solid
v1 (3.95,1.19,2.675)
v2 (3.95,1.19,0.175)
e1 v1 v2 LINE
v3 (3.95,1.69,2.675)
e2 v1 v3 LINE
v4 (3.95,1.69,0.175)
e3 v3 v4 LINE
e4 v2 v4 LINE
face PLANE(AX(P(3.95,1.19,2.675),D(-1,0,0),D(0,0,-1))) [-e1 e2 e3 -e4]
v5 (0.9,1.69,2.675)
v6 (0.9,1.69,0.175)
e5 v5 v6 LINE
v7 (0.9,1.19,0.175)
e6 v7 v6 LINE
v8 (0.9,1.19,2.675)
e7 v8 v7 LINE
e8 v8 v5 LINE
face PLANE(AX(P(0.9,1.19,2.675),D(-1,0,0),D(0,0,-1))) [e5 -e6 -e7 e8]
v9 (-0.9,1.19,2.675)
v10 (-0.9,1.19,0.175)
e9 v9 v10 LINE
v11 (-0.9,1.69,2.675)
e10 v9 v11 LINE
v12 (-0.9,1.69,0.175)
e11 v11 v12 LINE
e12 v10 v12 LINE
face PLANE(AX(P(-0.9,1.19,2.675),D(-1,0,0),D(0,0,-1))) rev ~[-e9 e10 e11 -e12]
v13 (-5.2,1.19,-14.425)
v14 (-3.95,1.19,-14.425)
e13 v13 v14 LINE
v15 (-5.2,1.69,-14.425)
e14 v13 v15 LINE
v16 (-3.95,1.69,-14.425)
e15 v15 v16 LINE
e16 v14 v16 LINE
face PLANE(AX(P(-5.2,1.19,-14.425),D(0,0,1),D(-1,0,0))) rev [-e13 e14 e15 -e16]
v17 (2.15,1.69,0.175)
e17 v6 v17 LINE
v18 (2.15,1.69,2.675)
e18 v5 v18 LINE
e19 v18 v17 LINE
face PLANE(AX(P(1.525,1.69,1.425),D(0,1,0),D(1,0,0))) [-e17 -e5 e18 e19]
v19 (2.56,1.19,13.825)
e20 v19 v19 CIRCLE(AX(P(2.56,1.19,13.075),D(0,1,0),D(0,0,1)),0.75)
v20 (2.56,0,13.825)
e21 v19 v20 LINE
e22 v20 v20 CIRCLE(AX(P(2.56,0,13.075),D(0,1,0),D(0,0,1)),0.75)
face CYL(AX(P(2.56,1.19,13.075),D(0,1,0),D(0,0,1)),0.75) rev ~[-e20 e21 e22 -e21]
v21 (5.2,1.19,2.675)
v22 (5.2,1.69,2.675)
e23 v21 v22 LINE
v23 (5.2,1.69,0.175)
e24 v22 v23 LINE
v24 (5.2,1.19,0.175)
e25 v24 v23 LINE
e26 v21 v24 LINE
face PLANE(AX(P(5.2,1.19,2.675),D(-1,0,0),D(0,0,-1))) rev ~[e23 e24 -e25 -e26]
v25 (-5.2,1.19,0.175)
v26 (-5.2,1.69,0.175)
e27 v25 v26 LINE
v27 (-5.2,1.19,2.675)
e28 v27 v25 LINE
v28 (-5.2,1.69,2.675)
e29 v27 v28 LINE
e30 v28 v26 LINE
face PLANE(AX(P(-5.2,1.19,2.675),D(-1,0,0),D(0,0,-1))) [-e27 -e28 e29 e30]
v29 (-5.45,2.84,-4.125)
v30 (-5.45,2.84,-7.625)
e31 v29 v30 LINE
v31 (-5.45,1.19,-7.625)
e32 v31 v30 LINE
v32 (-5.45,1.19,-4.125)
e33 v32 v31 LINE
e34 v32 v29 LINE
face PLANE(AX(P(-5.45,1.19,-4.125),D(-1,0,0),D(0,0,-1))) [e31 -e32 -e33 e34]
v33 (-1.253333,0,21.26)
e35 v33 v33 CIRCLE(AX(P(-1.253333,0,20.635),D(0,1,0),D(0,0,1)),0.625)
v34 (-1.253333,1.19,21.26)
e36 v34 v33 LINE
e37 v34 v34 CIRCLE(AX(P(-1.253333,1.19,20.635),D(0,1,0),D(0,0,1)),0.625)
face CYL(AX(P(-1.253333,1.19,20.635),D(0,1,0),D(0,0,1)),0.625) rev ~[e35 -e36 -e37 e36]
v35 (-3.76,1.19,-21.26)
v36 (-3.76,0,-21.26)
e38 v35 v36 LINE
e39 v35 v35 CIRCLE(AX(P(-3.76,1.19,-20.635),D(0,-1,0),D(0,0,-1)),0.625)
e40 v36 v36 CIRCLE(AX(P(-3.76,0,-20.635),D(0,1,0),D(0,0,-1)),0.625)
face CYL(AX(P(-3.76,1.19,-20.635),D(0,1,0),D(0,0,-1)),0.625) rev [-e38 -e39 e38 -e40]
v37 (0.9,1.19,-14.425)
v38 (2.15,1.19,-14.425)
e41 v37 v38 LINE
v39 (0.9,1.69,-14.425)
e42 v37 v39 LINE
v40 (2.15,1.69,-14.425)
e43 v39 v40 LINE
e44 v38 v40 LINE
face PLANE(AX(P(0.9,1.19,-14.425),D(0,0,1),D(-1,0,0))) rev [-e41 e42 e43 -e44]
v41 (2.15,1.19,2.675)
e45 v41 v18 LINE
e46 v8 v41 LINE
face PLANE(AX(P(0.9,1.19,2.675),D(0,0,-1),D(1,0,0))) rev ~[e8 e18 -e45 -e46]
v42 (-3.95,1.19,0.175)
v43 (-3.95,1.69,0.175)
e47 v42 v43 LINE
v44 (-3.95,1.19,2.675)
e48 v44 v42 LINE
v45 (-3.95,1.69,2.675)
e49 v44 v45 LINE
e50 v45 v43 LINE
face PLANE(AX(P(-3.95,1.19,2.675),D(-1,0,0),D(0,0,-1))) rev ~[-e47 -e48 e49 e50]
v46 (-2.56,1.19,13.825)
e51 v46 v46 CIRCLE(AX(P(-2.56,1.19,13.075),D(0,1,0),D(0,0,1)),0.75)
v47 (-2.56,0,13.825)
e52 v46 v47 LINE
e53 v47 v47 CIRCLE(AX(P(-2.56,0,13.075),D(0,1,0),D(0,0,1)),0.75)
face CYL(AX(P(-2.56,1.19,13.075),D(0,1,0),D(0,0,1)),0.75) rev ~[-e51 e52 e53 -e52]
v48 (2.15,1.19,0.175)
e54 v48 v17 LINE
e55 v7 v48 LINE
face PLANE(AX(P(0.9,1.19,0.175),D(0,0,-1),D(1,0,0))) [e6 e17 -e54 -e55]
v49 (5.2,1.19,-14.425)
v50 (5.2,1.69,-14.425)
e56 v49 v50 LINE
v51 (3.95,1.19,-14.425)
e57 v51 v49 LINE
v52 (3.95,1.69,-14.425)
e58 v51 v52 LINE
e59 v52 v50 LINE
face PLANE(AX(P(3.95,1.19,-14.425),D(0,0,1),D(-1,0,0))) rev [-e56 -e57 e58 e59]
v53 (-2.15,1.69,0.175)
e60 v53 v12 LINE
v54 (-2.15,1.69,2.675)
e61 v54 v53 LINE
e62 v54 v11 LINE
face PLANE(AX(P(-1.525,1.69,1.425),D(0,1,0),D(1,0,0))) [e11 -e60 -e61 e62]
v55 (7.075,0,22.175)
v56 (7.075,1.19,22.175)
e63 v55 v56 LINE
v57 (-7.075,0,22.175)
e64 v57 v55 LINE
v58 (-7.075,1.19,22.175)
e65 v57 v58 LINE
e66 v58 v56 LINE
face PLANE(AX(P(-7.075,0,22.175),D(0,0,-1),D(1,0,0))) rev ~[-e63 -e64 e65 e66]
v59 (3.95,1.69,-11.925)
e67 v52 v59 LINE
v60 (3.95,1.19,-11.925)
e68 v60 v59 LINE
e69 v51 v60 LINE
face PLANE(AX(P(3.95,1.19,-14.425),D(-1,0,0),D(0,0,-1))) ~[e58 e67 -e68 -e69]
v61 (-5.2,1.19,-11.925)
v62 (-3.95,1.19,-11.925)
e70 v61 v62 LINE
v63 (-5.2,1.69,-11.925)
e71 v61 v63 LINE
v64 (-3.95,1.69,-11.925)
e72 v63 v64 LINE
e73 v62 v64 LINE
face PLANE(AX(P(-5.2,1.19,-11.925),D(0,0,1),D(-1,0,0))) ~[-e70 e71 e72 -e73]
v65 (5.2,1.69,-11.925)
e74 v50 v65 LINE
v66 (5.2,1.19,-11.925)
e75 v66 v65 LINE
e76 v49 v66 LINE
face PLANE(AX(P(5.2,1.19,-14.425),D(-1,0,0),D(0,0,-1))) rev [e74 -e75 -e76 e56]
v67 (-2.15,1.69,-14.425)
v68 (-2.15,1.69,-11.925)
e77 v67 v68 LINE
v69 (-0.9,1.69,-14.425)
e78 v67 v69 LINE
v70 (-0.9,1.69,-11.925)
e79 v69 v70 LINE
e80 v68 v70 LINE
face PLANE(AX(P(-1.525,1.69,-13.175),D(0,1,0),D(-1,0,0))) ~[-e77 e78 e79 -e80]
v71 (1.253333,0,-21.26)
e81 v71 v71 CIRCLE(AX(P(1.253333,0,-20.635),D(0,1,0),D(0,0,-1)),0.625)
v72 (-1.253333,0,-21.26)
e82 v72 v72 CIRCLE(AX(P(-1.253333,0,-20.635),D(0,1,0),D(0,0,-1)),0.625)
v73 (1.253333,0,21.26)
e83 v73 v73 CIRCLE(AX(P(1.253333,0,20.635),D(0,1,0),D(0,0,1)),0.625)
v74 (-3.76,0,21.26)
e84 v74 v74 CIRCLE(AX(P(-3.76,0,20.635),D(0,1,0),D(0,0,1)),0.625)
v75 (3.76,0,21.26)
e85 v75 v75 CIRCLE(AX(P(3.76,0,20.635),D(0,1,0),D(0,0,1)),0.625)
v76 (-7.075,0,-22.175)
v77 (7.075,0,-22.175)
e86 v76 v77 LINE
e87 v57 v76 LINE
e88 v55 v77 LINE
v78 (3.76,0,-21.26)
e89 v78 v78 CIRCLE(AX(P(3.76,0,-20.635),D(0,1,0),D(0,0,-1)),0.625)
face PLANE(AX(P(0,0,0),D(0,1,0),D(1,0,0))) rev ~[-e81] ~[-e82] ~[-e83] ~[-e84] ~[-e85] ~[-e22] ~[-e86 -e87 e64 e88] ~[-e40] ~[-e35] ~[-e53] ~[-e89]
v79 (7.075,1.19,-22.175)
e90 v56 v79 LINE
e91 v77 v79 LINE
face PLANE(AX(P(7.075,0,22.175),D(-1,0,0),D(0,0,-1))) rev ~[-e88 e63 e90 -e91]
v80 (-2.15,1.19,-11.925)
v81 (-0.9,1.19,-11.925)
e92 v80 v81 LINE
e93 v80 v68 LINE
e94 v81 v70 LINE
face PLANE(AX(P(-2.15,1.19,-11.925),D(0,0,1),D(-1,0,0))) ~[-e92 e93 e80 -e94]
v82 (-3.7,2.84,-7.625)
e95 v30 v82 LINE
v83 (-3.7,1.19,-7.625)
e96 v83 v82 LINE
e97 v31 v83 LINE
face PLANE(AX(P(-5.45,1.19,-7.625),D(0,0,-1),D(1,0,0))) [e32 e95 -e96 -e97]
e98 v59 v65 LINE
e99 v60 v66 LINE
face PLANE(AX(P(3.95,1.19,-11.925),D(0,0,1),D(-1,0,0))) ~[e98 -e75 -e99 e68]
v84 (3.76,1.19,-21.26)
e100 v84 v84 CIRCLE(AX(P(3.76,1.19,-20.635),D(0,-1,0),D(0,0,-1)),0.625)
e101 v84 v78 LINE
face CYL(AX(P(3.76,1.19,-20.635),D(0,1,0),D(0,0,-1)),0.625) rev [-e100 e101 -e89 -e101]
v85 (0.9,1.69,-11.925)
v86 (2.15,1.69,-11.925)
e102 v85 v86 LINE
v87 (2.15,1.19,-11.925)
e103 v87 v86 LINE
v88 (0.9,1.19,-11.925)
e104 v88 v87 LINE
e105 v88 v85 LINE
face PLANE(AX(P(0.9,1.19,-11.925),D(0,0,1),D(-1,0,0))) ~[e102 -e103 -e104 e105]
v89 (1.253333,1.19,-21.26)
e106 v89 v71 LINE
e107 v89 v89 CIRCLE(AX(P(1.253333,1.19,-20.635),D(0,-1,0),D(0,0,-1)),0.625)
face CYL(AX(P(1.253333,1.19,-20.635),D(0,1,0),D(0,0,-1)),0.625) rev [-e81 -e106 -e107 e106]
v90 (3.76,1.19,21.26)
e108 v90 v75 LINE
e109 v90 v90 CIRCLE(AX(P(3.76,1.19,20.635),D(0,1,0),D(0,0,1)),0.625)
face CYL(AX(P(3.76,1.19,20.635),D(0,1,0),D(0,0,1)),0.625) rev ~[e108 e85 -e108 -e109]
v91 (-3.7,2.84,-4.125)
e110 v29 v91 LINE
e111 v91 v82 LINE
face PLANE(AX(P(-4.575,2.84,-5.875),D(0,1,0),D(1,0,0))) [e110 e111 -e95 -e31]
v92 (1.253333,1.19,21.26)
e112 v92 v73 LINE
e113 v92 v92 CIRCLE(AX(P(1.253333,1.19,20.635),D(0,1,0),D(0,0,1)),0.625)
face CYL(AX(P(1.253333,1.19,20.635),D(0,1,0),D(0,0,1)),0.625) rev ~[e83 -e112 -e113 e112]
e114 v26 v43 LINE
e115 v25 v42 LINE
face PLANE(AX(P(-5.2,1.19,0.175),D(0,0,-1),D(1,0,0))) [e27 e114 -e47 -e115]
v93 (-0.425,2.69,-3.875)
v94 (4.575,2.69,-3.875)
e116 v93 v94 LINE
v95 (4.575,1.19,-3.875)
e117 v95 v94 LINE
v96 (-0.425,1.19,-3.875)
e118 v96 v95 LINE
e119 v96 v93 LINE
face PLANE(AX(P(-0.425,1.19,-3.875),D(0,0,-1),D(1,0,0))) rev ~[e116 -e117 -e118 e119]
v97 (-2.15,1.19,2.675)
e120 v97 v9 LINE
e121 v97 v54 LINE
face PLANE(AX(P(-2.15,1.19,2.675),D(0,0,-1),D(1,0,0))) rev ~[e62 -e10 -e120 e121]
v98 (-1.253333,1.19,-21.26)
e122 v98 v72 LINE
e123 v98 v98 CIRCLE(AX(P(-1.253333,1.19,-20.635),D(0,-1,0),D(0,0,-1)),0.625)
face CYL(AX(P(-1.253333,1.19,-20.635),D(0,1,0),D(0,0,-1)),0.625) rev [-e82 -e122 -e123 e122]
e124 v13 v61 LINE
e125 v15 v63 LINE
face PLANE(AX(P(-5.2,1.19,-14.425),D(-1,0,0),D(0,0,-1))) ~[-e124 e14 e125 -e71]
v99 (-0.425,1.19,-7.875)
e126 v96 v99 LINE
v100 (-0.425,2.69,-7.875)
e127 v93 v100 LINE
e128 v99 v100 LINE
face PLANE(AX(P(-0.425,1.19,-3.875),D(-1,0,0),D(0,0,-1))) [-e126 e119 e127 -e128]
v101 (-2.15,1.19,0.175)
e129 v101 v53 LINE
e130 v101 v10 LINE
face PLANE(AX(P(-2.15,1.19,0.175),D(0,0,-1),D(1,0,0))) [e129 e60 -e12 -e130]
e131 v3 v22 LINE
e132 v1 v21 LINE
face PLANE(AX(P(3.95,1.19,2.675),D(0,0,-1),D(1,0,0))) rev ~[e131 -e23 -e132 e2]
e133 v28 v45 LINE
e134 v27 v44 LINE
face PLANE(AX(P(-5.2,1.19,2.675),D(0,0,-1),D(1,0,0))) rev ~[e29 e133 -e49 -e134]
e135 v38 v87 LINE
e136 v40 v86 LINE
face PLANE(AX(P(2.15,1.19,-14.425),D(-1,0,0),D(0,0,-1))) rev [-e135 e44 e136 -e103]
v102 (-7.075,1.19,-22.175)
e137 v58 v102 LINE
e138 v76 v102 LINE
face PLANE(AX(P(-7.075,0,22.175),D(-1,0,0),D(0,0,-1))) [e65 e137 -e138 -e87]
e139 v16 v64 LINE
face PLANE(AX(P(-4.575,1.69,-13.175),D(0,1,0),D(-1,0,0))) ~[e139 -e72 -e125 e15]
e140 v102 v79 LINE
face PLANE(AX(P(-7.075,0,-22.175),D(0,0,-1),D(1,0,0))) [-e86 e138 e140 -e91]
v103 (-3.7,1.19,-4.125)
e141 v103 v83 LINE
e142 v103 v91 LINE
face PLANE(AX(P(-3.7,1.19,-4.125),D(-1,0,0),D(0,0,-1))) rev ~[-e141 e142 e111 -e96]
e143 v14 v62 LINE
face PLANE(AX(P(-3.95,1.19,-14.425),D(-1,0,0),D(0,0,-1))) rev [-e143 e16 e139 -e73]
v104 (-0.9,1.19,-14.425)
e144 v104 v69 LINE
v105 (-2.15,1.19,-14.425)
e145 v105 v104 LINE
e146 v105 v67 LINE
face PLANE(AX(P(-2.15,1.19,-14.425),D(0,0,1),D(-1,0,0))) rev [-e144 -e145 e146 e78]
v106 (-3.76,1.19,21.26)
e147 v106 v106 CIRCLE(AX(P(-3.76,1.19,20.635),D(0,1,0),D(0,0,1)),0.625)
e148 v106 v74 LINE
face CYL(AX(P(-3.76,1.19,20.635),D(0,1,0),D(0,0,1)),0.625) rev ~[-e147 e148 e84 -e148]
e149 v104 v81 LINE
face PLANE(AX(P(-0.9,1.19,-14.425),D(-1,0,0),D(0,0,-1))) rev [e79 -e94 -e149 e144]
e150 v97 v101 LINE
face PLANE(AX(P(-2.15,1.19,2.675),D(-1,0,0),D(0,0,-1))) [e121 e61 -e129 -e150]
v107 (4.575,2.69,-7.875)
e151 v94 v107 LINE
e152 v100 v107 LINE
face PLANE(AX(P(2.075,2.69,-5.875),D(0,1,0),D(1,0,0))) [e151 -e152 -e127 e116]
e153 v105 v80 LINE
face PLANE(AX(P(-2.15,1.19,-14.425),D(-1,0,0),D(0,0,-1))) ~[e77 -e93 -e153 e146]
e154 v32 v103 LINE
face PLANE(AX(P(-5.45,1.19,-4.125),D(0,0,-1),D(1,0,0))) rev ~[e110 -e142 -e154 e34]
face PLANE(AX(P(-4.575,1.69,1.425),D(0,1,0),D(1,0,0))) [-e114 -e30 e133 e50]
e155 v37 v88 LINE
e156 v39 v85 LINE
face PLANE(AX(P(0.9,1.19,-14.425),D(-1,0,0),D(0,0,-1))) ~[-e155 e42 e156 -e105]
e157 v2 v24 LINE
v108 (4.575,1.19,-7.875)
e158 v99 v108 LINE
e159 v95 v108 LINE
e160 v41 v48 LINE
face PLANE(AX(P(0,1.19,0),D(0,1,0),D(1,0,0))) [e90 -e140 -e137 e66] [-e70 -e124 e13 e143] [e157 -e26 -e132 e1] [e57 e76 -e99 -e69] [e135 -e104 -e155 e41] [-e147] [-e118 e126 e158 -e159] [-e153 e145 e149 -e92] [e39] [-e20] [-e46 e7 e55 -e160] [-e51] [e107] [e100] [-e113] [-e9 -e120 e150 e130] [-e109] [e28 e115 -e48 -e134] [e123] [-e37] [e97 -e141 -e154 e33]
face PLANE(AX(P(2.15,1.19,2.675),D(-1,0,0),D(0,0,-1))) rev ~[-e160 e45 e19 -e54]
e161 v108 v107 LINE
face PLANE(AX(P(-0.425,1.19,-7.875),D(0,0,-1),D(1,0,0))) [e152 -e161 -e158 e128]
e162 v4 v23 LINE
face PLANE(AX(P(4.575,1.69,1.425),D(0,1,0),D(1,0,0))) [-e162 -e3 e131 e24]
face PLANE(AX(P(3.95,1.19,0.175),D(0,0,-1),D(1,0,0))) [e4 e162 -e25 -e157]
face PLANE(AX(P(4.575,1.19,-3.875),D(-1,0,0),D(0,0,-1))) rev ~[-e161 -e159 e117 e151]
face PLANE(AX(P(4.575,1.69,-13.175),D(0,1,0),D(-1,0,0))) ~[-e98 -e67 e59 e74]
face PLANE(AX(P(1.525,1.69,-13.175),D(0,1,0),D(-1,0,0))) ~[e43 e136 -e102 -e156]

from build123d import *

# Parameters (mm, degrees)
SKETCH1_W           = 14.15
SKETCH1_H           = 44.35
BOSS_EXTRUDE1_DEPTH = 1.19
SKETCH2_R           = 0.625
CUT_EXTRUDE1_DEPTH  = 24.306701826
SKETCH3_R           = 0.75
CUT_EXTRUDE2_DEPTH  = 24.306701826
SKETCH4_W           = 5
SKETCH4_H           = 4
BOSS_EXTRUDE2_DEPTH = 1.5
SKETCH4_3_W         = 1.75
SKETCH4_3_H         = 3.5
BOSS_EXTRUDE3_DEPTH = 1.65
SKETCH7_W           = 1.25
SKETCH7_H           = 2.5
BOSS_EXTRUDE6_DEPTH = 0.5


with BuildPart() as part:
    # Sketch1 → Boss-Extrude1 (new body)
    with BuildSketch(Plane(origin=(0, 0, 0), x_dir=(1, 0, 0), z_dir=(0, 1, 0))):
        Rectangle(SKETCH1_W, SKETCH1_H)
    extrude(amount=BOSS_EXTRUDE1_DEPTH)

    # Sketch2 → Cut-Extrude1 (cut, through all)
    with BuildSketch(Plane(origin=(0, 1.19, 0), x_dir=(1, 0, 0), z_dir=(0, 1, 0))):
        with Locations((3.76, -20.635)):
            Circle(SKETCH2_R)
        with Locations((1.253333333, -20.635)):
            Circle(SKETCH2_R)
        with Locations((-1.253333333, -20.635)):
            Circle(SKETCH2_R)
        with Locations((-3.76, -20.635)):
            Circle(SKETCH2_R)
    cut_extrude1 = extrude(amount=-CUT_EXTRUDE1_DEPTH, mode=Mode.SUBTRACT)

    # Mirror1: Cut-Extrude1 across plane
    add(cut_extrude1.mirror(Plane.XY), mode=Mode.SUBTRACT)

    # Sketch3 → Cut-Extrude2 (cut, through all)
    with BuildSketch(Plane(origin=(0, 1.19, 0), x_dir=(1, 0, 0), z_dir=(0, 1, 0))):
        with Locations((2.56, -13.075)):
            Circle(SKETCH3_R)
        with Locations((-2.56, -13.075)):
            Circle(SKETCH3_R)
    extrude(amount=-CUT_EXTRUDE2_DEPTH, mode=Mode.SUBTRACT)

    # Sketch4 → Boss-Extrude2 (add)
    with BuildSketch(Plane(origin=(0, 1.19, 0), x_dir=(1, 0, 0), z_dir=(0, 1, 0))):
        with Locations((2.075, 5.875)):
            Rectangle(SKETCH4_W, SKETCH4_H)
    extrude(amount=BOSS_EXTRUDE2_DEPTH)

    # Sketch4<3> → Boss-Extrude3 (add)
    with BuildSketch(Plane(origin=(0, 1.19, 0), x_dir=(1, 0, 0), z_dir=(0, 1, 0))):
        with Locations((-4.575, 5.875)):
            Rectangle(SKETCH4_3_W, SKETCH4_3_H)
    extrude(amount=BOSS_EXTRUDE3_DEPTH)

    # Sketch7 → Boss-Extrude6 (add)
    with BuildSketch(Plane(origin=(0, 1.19, 0), x_dir=(1, 0, 0), z_dir=(0, 1, 0))):
        with Locations((-4.575, -1.425)):
            Rectangle(SKETCH7_W, SKETCH7_H)
        with Locations((-1.525, -1.425)):
            Rectangle(SKETCH7_W, SKETCH7_H)
        with Locations((1.525, -1.425)):
            Rectangle(SKETCH7_W, SKETCH7_H)
        with Locations((4.575, -1.425)):
            Rectangle(SKETCH7_W, SKETCH7_H)
    boss_extrude6 = extrude(amount=BOSS_EXTRUDE6_DEPTH)

    # Mirror2: Boss-Extrude6 across plane
    add(boss_extrude6.mirror(Plane.XY.offset(-5.875)))


solid = part.part
